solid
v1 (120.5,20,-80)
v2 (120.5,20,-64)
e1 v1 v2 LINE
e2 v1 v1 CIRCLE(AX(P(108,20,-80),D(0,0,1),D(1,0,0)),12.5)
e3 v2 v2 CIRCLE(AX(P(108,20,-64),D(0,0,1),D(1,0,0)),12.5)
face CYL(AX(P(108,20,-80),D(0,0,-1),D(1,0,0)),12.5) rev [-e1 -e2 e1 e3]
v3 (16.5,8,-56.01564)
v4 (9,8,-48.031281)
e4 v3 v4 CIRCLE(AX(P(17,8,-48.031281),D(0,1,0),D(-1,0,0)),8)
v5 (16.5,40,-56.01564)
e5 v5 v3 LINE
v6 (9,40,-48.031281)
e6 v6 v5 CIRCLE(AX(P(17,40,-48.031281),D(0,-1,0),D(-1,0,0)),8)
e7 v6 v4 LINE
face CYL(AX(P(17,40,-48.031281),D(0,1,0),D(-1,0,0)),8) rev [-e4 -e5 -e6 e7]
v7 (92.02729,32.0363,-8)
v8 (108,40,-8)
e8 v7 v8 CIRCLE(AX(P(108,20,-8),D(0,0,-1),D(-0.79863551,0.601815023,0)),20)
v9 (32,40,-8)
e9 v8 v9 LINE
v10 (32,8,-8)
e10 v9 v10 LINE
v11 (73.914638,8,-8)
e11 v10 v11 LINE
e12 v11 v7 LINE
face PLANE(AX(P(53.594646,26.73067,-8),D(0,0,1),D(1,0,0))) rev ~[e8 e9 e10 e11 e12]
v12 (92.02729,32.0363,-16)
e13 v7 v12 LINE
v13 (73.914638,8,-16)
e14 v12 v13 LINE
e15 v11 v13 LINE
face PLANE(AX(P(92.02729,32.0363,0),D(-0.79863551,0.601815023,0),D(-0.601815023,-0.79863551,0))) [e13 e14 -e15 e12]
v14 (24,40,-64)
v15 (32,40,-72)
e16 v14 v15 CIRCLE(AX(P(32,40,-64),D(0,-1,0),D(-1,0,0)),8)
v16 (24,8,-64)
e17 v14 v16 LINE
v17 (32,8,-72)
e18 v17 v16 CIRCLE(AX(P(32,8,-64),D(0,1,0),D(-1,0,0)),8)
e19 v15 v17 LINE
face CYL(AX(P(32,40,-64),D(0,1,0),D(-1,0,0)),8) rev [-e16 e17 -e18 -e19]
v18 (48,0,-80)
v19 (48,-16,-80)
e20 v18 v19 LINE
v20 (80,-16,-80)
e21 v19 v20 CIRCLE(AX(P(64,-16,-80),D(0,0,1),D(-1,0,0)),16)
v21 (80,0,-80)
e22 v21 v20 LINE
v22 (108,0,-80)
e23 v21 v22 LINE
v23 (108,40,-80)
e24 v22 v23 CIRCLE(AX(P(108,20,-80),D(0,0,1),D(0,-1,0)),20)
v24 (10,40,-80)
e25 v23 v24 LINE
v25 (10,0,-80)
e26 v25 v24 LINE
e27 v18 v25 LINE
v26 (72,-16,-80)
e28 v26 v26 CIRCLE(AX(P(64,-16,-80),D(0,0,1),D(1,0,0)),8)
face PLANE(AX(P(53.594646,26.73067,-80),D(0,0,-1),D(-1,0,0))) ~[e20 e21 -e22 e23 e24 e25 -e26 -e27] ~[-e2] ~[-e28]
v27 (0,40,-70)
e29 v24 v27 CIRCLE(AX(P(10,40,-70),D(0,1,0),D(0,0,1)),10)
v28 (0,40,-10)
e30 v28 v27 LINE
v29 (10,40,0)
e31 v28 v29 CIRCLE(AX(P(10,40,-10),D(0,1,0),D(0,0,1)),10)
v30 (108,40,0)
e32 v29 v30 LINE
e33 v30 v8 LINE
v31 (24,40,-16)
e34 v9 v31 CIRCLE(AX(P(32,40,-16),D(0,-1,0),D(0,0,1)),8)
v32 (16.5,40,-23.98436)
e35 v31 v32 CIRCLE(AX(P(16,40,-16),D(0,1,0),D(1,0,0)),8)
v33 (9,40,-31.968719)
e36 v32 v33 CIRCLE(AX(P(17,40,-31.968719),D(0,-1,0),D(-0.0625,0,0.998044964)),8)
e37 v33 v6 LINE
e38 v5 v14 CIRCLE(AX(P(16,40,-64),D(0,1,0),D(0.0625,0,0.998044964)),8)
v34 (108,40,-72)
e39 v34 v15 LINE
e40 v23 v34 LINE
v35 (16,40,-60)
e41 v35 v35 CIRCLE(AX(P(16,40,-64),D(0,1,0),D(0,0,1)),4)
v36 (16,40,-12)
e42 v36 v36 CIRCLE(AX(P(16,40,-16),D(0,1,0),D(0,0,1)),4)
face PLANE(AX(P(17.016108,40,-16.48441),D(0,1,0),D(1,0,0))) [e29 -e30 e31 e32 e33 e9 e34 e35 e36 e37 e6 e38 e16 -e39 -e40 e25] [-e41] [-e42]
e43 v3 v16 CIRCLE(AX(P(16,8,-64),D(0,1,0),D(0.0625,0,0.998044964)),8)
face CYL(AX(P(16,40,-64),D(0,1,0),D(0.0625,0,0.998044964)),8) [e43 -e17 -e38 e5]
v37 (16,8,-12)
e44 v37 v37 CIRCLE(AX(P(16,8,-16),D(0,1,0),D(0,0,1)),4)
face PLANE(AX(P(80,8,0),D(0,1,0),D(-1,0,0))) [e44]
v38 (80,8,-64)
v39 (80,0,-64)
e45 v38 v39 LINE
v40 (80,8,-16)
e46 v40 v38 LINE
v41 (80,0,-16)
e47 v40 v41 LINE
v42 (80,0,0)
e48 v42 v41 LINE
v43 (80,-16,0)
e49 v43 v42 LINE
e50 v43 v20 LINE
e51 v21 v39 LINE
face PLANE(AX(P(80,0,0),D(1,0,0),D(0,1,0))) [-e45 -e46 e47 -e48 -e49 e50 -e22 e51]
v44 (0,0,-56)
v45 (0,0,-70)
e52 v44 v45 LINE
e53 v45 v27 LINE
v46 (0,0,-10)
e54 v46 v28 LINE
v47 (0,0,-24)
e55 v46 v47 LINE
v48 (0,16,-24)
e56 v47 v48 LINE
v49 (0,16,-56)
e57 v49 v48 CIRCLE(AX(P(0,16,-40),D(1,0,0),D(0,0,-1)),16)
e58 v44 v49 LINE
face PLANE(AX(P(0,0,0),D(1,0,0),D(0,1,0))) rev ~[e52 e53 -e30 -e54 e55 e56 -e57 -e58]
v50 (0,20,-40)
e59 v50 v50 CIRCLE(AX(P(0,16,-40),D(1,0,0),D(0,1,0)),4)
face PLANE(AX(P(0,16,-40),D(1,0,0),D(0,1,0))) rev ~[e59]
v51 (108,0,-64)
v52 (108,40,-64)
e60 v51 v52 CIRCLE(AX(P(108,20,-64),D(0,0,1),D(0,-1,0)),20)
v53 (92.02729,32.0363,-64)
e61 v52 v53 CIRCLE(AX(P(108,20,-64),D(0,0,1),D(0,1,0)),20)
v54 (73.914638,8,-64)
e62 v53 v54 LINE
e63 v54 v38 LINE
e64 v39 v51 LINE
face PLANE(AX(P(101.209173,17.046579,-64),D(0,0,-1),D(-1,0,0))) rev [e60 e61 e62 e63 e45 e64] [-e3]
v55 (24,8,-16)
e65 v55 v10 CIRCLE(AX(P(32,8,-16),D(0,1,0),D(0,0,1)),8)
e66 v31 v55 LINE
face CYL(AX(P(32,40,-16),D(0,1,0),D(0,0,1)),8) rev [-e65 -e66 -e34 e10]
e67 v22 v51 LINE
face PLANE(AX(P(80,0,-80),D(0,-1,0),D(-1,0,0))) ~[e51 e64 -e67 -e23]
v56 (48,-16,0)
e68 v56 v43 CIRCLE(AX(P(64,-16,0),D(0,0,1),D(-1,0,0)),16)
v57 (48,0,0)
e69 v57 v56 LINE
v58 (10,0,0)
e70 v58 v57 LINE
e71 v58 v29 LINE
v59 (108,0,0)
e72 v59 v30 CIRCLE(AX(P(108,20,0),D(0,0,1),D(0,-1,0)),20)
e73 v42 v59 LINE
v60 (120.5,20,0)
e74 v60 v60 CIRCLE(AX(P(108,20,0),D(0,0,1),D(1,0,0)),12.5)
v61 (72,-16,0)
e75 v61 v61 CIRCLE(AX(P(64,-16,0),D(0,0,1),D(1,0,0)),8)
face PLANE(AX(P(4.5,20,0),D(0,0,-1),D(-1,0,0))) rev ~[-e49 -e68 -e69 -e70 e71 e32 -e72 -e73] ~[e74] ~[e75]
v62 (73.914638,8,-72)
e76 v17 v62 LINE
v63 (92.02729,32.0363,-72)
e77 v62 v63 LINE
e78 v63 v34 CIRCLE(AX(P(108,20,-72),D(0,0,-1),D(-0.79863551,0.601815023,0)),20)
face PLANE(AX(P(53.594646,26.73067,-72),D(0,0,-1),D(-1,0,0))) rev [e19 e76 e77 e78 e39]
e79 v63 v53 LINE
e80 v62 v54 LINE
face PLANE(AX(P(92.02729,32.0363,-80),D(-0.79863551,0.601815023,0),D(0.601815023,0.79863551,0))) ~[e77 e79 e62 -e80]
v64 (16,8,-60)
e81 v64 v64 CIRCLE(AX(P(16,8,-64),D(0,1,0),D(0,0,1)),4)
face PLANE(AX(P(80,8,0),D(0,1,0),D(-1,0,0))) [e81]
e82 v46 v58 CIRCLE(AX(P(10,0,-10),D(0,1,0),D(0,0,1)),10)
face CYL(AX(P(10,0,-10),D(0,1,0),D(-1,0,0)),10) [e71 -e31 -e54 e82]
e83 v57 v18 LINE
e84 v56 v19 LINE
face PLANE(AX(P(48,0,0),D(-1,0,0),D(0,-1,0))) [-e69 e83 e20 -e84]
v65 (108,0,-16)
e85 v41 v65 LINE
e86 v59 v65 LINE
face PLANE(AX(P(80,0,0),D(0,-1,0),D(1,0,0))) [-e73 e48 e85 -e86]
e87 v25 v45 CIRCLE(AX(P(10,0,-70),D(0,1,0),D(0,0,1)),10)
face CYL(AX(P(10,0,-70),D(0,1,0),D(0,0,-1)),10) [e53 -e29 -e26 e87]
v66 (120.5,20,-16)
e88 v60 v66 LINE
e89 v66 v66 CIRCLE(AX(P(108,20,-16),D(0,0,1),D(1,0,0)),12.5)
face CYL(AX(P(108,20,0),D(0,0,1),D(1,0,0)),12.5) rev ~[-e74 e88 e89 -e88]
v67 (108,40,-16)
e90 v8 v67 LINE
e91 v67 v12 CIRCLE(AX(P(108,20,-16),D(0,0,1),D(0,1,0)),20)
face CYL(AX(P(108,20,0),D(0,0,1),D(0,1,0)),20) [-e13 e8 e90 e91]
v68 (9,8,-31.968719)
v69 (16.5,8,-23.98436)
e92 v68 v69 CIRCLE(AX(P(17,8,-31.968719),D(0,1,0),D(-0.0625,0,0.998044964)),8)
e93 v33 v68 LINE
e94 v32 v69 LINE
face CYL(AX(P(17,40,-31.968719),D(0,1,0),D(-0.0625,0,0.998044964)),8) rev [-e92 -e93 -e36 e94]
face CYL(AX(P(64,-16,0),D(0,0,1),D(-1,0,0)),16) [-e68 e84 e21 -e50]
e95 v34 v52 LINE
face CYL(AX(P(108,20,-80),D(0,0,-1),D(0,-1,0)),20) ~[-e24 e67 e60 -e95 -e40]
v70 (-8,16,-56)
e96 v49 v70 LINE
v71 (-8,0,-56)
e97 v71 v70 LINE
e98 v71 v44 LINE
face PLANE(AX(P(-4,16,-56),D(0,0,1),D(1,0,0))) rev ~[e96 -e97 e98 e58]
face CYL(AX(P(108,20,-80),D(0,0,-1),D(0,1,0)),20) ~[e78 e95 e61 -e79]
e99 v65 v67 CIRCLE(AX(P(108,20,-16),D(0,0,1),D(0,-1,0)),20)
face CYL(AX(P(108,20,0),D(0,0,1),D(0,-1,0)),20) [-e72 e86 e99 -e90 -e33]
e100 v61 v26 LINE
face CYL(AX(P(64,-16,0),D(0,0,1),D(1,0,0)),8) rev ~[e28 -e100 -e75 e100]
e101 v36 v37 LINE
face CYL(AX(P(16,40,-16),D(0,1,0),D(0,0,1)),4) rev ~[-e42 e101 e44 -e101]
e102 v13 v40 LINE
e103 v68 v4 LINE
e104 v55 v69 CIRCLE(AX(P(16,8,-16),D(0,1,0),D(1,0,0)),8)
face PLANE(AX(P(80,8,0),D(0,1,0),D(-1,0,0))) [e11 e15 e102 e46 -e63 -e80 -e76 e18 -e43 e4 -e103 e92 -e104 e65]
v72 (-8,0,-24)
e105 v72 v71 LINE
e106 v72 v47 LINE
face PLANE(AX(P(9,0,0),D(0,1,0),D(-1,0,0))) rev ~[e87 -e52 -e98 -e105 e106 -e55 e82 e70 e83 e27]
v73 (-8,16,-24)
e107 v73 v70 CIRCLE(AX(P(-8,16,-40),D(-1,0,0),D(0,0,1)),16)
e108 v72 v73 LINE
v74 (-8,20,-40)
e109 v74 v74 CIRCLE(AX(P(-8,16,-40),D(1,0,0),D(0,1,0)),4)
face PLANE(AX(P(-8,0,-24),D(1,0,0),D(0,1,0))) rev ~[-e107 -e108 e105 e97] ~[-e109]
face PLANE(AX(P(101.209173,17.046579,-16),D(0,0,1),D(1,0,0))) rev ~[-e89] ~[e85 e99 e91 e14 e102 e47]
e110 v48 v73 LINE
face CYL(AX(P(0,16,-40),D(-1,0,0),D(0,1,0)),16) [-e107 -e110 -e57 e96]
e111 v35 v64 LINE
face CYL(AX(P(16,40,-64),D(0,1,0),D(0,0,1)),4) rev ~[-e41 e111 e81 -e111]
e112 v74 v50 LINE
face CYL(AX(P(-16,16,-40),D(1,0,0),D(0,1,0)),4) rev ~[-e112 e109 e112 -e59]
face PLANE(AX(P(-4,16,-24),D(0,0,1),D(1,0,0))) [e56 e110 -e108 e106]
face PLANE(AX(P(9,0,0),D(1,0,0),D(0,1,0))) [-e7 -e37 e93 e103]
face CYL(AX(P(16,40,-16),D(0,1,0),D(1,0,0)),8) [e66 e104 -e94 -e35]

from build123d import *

# Parameters (mm, degrees)
SKETCH1_R                 = 12.5
BOSS_EXTRUDE1_DEPTH       = 16
BOSS_EXTRUDE2_DEPTH       = 8
SKETCH1_6_R               = 8
BOSS_EXTRUDE3_DEPTH       = 80
BOSS_EXTRUDE4_START       = -24
SKETCH1_7_W               = 8
SKETCH1_7_H               = 32
BOSS_EXTRUDE4_DEPTH       = 32
FILLET1_RADIUS            = 16
FILLET1_LENGTH            = 8
F_8_0MM_DOWEL_HOLE1_D     = 8
F_8_0MM_DOWEL_HOLE1_DEPTH = 8
BOSS_EXTRUDE5_REACH       = 169.236
SKETCH3_R                 = 4
FILLET2_R                 = 10


with BuildPart() as part:
    # Sketch1 → Boss-Extrude1 (new body)
    with BuildSketch(Plane.XY):
        with BuildLine():
            Line((80, 8), (80, 0))
            Line((80, 0), (108, 0))
            ThreePointArc((108, 0), (128, 20), (108, 40))
            ThreePointArc((108, 40), (99.076043738, 37.898687232), (92.027289799, 32.036300463))
            Line((92.027289799, 32.036300463), (73.914638236, 8))
            Line((73.914638236, 8), (80, 8))
        make_face()
        with Locations((108, 20)):
            Circle(SKETCH1_R, mode=Mode.SUBTRACT)
    boss_extrude1 = extrude(amount=-BOSS_EXTRUDE1_DEPTH)

    # Sketch1<5> → Boss-Extrude2 (add)
    with BuildSketch(Plane.XY):
        with BuildLine():
            Line((9, 40), (9, 8))
            Line((9, 8), (73.914638236, 8))
            Line((73.914638236, 8), (92.027289799, 32.036300463))
            ThreePointArc((92.027289799, 32.036300463), (99.076043738, 37.898687232), (108, 40))
            Line((108, 40), (9, 40))
        make_face()
    boss_extrude2 = extrude(amount=-BOSS_EXTRUDE2_DEPTH)

    # Sketch1<6> → Boss-Extrude3 (add)
    # profile 1 of 3: a face of its own
    with BuildSketch(Plane.XY):
        Polygon((9, 8), (9, 0), (0, 0), (0, 40), (9, 40), align=None)
    # profile 2 of 3: a face of its own
    with BuildSketch(Plane.XY):
        Polygon((9, 8), (9, 0), (48, 0), (80, 0), (80, 8), (73.914638236, 8), align=None)
    # profile 3 of 3: a face of its own
    with BuildSketch(Plane.XY):
        with BuildLine():
            Line((80, 0), (48, 0))
            Line((48, 0), (48, -16))
            ThreePointArc((48, -16), (64, -32), (80, -16))
            Line((80, -16), (80, 0))
        make_face()
        with Locations((64, -16)):
            Circle(SKETCH1_6_R, mode=Mode.SUBTRACT)
    extrude(amount=-BOSS_EXTRUDE3_DEPTH)

    # Mirror1: Boss-Extrude1, Boss-Extrude2 across plane
    add(boss_extrude1.mirror(Plane.XY.offset(-40)))
    add(boss_extrude2.mirror(Plane.XY.offset(-40)))

    # Sketch1<7> → Boss-Extrude4 (add)
    with BuildSketch(Plane.XY.offset(BOSS_EXTRUDE4_START)):
        with Locations((-4, 16)):
            Rectangle(SKETCH1_7_W, SKETCH1_7_H)
    extrude(amount=-BOSS_EXTRUDE4_DEPTH)

    # Fillet1: full round fillet: the end face becomes a half cylinder, R = half its width
    fillet1_face = Plane((-4, 32, -40), x_dir=(-1, 0, 0), z_dir=(0, 1, 0))  # on the end face: x along it, z out of the body
    fillet1_slab = fillet1_face.offset(-FILLET1_RADIUS / 2) * Box(FILLET1_LENGTH, 2 * FILLET1_RADIUS, FILLET1_RADIUS, mode=Mode.PRIVATE)  # the body's end, R deep
    fillet1_round = Plane((-4, 16, -40), x_dir=(0, 1, 0), z_dir=(-1, 0, 0)) * Cylinder(FILLET1_RADIUS, FILLET1_LENGTH, mode=Mode.PRIVATE)  # its axis R under the face
    add(fillet1_slab - fillet1_round, mode=Mode.SUBTRACT)

    # Ø8.0mm Dowel Hole1
    with Locations(Plane(origin=(-8, 16, -40), x_dir=(0, -1, 0), z_dir=(-1, 0, 0))):
        with Locations((0, 0)):
            Hole(F_8_0MM_DOWEL_HOLE1_D / 2, depth=F_8_0MM_DOWEL_HOLE1_DEPTH)

    # Sketch3 → Boss-Extrude5 (add, up to next)
    with BuildSketch(Plane(origin=(0, 40, 0), x_dir=(1, 0, 0), z_dir=(0, 1, 0)), mode=Mode.PRIVATE) as boss_extrude5_sk1:
        with BuildLine():
            Line((32, 72), (9, 72))
            Line((9, 72), (9, 48.031280577))
            ThreePointArc((9, 48.031280577), (11.169048105, 53.508506152), (16.5, 56.015640289))
            ThreePointArc((16.5, 56.015640289), (21.830951895, 58.522774425), (24, 64))
            ThreePointArc((24, 64), (26.343145751, 69.656854249), (32, 72))
        make_face()
        with Locations(Location((16, 64, 0), (0, 0, 270))):
            Circle(SKETCH3_R, mode=Mode.SUBTRACT)
    boss_extrude5_tool1 = extrude(boss_extrude5_sk1.sketch, amount=-BOSS_EXTRUDE5_REACH, mode=Mode.PRIVATE) - part.part
    # Sketch3 → Boss-Extrude5 (add, up to next)
    with BuildSketch(Plane(origin=(0, 40, 0), x_dir=(1, 0, 0), z_dir=(0, 1, 0)), mode=Mode.PRIVATE) as boss_extrude5_sk2:
        with BuildLine():
            ThreePointArc((16.5, 23.984359711), (11.169048105, 26.491493848), (9, 31.968719423))
            Line((9, 31.968719423), (9, 8))
            Line((9, 8), (32, 8))
            ThreePointArc((32, 8), (26.343145751, 10.343145751), (24, 16))
            ThreePointArc((24, 16), (21.830951895, 21.477225575), (16.5, 23.984359711))
        make_face()
        with Locations(Location((16, 16, 0), (0, 0, 270))):
            Circle(SKETCH3_R, mode=Mode.SUBTRACT)
    boss_extrude5_tool2 = extrude(boss_extrude5_sk2.sketch, amount=-BOSS_EXTRUDE5_REACH, mode=Mode.PRIVATE) - part.part
    add(boss_extrude5_tool1.solids().sort_by_distance((20.5, 40, -71.66781))[0])
    add(boss_extrude5_tool2.solids().sort_by_distance((10.926925, 40, -26.264059))[0])

    # Fillet2
    fillet2_edges = [part.edges().sort_by_distance(p)[0] for p in [
        (0, 20, 0),
        (0, 20, -80),
    ]]
    fillet(fillet2_edges, radius=FILLET2_R)


solid = part.part
